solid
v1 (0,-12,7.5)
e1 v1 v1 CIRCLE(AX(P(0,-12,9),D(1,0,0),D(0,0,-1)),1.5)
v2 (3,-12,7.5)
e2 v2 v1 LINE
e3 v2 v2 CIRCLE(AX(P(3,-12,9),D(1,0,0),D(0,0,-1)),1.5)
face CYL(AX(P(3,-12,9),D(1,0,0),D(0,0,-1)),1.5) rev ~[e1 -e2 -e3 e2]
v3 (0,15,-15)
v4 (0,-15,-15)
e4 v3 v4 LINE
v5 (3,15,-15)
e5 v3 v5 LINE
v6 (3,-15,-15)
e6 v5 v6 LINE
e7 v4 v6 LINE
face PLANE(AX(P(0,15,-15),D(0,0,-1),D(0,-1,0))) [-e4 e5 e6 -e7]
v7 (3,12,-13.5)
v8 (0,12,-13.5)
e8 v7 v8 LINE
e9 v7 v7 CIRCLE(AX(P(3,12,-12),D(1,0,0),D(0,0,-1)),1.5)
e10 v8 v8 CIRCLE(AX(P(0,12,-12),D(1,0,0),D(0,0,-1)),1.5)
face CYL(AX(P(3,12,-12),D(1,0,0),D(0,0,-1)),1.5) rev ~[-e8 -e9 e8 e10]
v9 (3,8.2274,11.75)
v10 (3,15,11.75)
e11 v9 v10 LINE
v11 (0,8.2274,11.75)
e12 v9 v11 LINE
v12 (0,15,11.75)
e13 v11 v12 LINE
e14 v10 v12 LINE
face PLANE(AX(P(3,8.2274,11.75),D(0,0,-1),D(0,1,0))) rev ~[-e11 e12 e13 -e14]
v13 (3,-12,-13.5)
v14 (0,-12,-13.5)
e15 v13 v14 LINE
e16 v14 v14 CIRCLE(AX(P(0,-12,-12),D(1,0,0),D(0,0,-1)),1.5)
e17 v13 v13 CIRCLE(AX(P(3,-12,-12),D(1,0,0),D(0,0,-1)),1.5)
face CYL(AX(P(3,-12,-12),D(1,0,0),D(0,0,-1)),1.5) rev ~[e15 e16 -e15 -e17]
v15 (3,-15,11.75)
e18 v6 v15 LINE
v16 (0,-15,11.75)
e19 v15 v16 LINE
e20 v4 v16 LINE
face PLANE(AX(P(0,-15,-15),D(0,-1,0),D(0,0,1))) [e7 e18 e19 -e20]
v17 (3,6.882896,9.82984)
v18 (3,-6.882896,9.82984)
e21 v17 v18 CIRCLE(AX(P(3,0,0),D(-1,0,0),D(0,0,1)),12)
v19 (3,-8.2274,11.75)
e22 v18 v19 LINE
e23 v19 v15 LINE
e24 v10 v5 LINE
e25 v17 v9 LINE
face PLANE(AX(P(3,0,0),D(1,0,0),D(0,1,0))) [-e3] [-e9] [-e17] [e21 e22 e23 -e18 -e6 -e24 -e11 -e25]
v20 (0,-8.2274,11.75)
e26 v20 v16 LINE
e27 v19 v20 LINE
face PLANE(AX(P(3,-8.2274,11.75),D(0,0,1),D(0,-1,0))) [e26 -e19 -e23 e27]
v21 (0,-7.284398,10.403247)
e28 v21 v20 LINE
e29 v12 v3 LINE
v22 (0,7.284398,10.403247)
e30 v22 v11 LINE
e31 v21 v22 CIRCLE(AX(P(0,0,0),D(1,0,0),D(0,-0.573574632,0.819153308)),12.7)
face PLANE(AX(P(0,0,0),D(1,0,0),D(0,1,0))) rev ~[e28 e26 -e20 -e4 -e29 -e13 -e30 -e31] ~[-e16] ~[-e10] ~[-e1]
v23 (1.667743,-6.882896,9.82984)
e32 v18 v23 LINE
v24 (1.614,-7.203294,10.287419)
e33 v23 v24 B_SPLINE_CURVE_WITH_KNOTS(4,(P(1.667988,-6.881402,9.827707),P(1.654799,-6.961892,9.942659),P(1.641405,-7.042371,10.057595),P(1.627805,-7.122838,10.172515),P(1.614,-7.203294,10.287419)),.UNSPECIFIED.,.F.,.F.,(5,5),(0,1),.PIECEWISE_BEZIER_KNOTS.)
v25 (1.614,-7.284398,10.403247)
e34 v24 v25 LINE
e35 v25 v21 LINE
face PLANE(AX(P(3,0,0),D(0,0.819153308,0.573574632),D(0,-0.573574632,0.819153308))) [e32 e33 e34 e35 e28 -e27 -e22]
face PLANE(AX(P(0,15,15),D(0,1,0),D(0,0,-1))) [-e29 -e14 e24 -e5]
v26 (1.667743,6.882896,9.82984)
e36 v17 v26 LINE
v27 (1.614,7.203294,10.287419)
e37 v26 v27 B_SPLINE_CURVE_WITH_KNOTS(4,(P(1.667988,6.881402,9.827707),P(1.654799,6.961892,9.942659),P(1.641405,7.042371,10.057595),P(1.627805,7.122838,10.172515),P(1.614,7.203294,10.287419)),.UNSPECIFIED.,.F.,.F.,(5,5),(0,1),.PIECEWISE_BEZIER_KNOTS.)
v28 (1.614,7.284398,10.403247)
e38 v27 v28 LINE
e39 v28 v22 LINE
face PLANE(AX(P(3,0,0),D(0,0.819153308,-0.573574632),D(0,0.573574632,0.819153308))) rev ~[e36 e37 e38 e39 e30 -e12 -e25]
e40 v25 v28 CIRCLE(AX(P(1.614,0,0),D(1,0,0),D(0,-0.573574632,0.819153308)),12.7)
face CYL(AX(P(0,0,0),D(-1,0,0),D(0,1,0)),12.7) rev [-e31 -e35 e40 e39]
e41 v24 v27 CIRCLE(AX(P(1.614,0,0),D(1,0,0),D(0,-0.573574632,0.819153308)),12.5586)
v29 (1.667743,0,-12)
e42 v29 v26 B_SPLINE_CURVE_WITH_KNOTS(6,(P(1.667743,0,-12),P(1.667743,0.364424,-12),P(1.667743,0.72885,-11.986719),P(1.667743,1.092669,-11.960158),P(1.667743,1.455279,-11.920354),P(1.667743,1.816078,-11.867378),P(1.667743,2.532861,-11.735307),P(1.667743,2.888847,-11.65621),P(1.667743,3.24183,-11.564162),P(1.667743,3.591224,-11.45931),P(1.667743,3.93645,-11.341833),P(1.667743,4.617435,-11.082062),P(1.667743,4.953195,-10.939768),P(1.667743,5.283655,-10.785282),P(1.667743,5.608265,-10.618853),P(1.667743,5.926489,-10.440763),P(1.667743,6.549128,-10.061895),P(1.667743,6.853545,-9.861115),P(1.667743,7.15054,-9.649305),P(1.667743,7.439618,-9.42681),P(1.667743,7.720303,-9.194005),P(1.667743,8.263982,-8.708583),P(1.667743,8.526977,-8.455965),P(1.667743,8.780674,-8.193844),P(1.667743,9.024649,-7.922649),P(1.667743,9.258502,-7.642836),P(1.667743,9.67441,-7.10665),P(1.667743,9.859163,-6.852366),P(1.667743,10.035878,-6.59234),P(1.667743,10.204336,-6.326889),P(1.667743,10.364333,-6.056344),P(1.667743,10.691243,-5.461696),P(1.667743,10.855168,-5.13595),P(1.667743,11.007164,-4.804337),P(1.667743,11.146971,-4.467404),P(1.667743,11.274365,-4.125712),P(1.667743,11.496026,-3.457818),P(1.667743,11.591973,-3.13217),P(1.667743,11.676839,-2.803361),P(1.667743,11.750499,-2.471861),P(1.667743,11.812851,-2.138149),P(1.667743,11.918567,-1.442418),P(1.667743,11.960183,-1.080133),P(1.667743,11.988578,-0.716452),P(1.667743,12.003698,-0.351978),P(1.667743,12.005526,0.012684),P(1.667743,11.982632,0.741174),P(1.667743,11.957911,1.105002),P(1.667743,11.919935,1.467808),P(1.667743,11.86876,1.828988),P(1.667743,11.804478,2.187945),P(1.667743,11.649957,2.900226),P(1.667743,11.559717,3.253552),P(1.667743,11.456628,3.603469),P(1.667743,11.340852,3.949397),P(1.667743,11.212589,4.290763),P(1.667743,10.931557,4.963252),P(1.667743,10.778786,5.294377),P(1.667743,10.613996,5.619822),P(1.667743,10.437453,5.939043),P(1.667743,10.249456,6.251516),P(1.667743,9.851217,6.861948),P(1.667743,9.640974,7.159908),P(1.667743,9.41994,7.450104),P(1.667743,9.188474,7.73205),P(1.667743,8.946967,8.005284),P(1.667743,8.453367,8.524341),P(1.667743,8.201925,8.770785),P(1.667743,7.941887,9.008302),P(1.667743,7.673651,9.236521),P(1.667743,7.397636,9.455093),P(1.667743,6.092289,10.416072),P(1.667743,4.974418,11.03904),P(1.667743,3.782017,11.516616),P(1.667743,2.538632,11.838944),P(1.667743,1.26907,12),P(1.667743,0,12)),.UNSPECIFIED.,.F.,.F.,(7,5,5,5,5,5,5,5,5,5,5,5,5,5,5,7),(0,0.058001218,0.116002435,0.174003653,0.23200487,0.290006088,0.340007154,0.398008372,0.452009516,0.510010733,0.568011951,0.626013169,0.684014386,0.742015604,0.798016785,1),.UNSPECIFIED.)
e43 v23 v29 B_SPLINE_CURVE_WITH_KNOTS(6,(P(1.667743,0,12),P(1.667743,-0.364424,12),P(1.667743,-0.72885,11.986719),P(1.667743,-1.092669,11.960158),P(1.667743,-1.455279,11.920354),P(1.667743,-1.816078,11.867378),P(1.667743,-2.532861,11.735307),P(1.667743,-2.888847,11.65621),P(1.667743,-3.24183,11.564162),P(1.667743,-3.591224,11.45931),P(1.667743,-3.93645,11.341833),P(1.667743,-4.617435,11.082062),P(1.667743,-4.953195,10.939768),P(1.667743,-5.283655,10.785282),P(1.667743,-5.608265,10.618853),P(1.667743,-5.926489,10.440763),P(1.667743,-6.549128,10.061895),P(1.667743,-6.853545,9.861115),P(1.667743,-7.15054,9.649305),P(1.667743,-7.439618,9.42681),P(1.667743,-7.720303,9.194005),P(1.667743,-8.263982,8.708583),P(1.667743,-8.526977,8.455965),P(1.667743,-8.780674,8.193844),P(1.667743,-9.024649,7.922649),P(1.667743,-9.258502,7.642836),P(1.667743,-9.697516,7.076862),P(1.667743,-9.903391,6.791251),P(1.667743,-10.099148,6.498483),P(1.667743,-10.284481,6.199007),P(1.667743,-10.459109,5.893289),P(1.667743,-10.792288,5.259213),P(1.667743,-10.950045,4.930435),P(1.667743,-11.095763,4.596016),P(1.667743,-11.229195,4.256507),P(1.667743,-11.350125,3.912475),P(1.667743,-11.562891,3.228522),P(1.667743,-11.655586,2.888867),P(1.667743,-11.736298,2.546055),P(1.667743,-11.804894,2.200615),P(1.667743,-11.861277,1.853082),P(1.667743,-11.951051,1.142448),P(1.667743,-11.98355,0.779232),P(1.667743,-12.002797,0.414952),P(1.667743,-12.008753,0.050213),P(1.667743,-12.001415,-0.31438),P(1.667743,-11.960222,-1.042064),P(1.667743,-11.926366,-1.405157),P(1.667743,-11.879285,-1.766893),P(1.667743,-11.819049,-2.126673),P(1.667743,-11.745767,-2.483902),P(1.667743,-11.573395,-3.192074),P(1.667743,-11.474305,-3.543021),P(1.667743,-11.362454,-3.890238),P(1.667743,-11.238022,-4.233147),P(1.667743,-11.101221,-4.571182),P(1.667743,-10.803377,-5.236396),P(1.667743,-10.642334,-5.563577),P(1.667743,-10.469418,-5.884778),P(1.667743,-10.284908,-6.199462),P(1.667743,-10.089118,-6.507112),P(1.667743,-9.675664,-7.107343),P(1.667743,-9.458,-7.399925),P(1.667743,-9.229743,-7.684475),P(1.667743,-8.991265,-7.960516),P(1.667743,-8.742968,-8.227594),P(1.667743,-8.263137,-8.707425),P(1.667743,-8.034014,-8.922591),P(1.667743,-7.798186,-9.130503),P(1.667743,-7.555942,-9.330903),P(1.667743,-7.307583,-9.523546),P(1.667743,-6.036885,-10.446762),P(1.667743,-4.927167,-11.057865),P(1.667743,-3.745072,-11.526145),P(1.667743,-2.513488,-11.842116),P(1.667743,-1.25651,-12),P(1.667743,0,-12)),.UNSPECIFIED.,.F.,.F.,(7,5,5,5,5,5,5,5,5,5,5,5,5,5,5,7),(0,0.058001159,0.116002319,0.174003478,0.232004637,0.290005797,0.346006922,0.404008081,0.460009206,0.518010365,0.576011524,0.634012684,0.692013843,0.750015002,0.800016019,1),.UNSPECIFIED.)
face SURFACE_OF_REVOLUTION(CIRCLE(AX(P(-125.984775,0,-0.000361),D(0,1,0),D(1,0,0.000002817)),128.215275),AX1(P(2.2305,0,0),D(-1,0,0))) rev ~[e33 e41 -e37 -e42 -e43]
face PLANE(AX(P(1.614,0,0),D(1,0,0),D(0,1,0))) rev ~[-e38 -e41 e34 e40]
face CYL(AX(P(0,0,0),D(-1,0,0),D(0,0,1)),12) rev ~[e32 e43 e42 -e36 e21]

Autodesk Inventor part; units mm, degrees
ref_plane "YZ Plane" through (0, 0, 0) normal (1, 0, 0) x (0, 1, 0)
ref_plane "XZ Plane" through (0, 0, 0) normal (0, 1, 0) x (-1, 0, 0)
ref_plane "XY Plane" through (0, 0, 0) normal (0, 0, 1) x (1, 0, 0)
sketch "Sketch1" plane through (0, 0, 0) normal (1, 0, 0) x (0, 1, 0)
  line L0 (-15, 15) -> (15, 15)
  line L1 (15, 15) -> (15, -15)
  line L2 (15, -15) -> (-15, -15)
  line L3 (-15, -15) -> (-15, 15)
  line L4 (-15, 15) -> (15, -15) construction
  line L5 (15, 15) -> (-15, -15) construction
  point P0 (0, 0)
  dimension "d0" = 30
  dimension "d1" = 30
extrude "Extrusion1" add sketch "Sketch1" along normal blind 3
sketch "Sketch2" plane through (0, 0, 0) normal (1, 0, 0) x (0, 1, 0)
  circle A0 centre (0, 0) radius 12.7
  dimension "d4" = 25.4
extrude "Extrusion2" cut sketch "Sketch2" along normal blind 1.614
sketch "Sketch3" plane through (0, 0, 0) normal (-1, 0, 0) x (0, 0, 1)
  circle A0 centre (0, 0) radius 12
  dimension "d7" = 24
extrude "Extrusion3" cut sketch "Sketch3" against normal up to next
sketch "Sketch4" plane through (0, 0, 0) normal (0, 1, 0) x (-1, 0, 0)
  line L0 (-1.614, 12.7) -> (-1.614, -12.7) projected
  line L1 (-1.614, 0) -> (-1.614, -12.5586)
  line L2 (-2.2305, 0) -> (-1.614, 0)
  arc A0 (-2.2305, 0) -> (-1.614, -12.5586) centre (125.9995, 0) ccw
  point P0 (0, 0)
  dimension "d10" = 12.5586
  dimension "d11" = 256.46
revolve "Revolution1" cut sketch "Sketch4" angle 360 about axis through (2.2305, 0, 0) along (-1, 0, 0)
sketch "Sketch7" plane through (3, 0, 0) normal (1, 0, 0) x (0, 0, -1)
  circle A0 centre (12, 12) radius 1.5
  circle A1 centre (12, -12) radius 1.5
  circle A2 centre (-9, -12) radius 1.5
  line L0 (15, 15) -> (-15, 15) projected
  line L1 (15, -15) -> (15, 15) projected
  line L2 (-15, -15) -> (15, -15) projected
  line L3 (-15, 15) -> (-15, -15) projected
  point P0 (0, 0)
  dimension "d24" = 3
  dimension "d25" = 3
  dimension "d26" = 3
  dimension "d27" = 3
  dimension "d28" = 3
  dimension "d29" = 3
  dimension "d30" = 6
extrude "Extrusion6" cut sketch "Sketch7" against normal up to surface (3 mm away) contours A0 | A1 | A2
sketch "Sketch8" plane through (3, 0, 0) normal (1, 0, 0) x (0, 0, -1)
  line L0 (0, 0) -> (-15, 0) construction
  line L1 (-15, 15) -> (-15, -15) projected
  line L2 (0, 0) -> (-11.75, -8.2274)
  line L3 (-11.75, -8.2274) -> (-11.75, -15)
  line L4 (-15, -15) -> (15, -15) projected
  line L5 (-11.75, -15) -> (-15, -15)
  line L6 (-15, -15) -> (-15, 0)
  line L7 (-15, -15) -> (-15, 15)
  line L8 (0, 0) -> (-11.75, 8.2274)
  line L9 (-11.75, 8.2274) -> (-11.75, 15)
  line L10 (-15, 15) -> (15, 15)
  dimension "d33" = 3.25
  dimension "d34" = 35
extrude "Extrusion7" cut sketch "Sketch8" against normal up to surface (3 mm away)
properties part number "LargeLensHolderP2S1" material "Acetal Resin, Black"
